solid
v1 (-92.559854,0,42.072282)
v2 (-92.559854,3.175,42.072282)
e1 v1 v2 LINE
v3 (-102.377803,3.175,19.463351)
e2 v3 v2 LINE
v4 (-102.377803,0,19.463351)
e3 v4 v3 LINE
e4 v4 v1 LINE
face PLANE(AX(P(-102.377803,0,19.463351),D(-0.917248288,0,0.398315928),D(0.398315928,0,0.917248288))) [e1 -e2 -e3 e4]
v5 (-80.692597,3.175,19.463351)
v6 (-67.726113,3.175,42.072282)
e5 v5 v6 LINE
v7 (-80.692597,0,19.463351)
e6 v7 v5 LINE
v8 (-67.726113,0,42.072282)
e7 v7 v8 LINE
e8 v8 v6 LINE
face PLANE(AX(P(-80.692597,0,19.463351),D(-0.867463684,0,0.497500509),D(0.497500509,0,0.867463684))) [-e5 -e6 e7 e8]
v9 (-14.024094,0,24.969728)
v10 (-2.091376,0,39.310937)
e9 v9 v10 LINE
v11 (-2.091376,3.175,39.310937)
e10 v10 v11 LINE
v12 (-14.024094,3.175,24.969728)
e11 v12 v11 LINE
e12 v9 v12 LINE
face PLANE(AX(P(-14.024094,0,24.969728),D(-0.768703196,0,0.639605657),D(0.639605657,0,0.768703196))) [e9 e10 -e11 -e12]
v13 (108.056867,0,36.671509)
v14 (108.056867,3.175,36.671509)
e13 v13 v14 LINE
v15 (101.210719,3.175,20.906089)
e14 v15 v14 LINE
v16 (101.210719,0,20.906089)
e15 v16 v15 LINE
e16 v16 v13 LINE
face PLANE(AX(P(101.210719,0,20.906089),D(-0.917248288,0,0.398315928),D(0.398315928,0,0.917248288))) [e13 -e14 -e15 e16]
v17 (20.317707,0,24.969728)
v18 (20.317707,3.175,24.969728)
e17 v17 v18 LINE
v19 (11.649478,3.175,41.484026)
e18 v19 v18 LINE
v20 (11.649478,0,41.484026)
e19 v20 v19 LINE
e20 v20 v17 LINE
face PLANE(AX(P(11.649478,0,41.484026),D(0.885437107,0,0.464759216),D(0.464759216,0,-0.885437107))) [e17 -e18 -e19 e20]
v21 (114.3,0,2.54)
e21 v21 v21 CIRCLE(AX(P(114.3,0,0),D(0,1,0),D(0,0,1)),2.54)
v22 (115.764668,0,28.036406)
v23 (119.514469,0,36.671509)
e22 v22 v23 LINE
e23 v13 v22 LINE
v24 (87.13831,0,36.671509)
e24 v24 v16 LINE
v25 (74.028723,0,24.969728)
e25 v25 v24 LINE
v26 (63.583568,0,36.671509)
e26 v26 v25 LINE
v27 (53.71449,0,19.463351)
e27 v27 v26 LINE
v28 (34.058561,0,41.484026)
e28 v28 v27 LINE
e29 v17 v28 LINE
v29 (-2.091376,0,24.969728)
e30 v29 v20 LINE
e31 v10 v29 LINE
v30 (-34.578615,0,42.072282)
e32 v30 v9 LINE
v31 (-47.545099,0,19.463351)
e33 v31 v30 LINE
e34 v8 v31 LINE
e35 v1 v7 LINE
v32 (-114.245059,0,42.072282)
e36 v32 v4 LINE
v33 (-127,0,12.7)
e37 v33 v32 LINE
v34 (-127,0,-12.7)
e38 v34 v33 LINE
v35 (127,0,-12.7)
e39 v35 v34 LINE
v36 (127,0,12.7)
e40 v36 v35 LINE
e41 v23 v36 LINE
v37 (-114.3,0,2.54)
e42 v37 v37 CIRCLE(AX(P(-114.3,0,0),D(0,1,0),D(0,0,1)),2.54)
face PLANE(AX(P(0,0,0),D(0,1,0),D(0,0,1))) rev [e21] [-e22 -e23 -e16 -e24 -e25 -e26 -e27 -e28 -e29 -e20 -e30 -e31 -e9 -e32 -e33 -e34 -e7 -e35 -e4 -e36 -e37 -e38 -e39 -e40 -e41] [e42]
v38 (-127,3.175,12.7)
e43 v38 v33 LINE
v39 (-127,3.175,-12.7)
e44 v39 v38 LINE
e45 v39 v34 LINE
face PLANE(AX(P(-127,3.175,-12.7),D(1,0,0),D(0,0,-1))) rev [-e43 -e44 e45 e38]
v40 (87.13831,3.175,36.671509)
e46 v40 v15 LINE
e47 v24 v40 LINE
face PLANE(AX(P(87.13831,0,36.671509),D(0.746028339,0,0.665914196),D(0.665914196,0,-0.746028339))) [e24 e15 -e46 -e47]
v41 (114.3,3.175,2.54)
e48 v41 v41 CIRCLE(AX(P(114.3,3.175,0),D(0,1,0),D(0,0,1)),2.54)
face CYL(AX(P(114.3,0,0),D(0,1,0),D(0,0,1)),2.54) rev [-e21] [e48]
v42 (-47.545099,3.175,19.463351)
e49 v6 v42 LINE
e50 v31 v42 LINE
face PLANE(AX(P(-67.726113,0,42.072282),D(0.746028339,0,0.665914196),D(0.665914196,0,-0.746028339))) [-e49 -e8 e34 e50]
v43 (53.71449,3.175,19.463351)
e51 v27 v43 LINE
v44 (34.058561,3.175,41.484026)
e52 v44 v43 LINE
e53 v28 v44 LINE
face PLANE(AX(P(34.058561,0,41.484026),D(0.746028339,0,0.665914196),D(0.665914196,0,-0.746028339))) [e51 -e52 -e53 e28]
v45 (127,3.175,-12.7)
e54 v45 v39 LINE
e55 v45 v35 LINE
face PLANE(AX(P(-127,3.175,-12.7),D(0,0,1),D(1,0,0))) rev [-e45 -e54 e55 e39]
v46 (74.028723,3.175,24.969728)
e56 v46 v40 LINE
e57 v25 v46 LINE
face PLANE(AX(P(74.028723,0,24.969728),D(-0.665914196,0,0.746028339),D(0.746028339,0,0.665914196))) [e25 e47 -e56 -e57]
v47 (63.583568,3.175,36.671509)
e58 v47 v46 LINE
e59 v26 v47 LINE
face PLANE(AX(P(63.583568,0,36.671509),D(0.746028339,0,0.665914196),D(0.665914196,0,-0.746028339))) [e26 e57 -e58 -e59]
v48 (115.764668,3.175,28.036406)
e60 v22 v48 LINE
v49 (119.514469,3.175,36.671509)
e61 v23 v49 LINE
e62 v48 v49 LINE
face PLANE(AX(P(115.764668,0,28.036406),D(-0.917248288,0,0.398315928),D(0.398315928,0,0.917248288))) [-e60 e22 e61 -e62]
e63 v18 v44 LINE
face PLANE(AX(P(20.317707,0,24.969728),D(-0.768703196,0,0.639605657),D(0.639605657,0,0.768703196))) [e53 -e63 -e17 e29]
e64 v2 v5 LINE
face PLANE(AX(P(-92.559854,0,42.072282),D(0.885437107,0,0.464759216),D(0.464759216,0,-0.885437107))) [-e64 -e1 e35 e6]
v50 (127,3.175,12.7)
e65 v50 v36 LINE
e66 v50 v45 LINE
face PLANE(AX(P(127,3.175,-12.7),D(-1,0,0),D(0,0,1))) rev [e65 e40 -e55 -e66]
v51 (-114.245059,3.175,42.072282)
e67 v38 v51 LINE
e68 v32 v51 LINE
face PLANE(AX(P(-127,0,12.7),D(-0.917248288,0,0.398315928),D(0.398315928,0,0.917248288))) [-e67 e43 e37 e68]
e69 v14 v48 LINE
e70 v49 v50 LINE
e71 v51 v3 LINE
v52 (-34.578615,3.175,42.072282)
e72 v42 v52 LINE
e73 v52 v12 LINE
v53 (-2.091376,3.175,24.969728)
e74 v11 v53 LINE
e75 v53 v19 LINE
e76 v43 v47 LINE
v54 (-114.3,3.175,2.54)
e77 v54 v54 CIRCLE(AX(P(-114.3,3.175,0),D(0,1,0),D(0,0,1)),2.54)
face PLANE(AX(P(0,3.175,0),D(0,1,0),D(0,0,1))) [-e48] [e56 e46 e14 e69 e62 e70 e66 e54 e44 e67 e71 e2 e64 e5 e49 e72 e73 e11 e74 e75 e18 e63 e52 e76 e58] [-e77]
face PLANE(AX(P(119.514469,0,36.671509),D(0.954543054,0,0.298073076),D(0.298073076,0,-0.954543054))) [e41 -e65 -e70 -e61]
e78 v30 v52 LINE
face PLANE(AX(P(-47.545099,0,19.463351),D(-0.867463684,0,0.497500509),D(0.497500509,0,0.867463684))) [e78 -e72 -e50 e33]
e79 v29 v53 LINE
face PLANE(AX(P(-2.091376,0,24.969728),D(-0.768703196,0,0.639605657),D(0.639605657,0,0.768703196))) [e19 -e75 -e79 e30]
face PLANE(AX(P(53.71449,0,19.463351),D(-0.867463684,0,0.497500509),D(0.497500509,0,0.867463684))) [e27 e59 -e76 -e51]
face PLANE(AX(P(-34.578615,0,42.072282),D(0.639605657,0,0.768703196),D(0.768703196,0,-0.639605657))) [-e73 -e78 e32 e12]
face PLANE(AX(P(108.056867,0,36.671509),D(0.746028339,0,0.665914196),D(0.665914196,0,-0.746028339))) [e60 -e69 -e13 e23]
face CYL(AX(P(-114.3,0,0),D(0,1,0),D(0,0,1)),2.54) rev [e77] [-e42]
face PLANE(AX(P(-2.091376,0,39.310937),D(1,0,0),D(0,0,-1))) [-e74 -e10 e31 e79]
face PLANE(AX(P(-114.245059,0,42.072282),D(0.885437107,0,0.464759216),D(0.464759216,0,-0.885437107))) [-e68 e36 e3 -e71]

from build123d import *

# Parameters (mm, degrees)
SKETCH1_W           = 254
SKETCH1_H           = 25.4
BOSS_EXTRUDE1_DEPTH = 3.175
BOSS_EXTRUDE2_DEPTH = 3.175
SKETCH3_R           = 2.54
CUT_EXTRUDE2_DEPTH  = 4.175


with BuildPart() as part:
    # Sketch1 → Boss-Extrude1 (new body)
    with BuildSketch(Plane(origin=(0, 0, 0), x_dir=(1, 0, 0), z_dir=(0, 1, 0))):
        Rectangle(SKETCH1_W, SKETCH1_H)
    extrude(amount=BOSS_EXTRUDE1_DEPTH)

    # Sketch2 → Boss-Extrude2 (add)
    with BuildSketch(Plane(origin=(0, 3.175, 0), x_dir=(1, 0, 0), z_dir=(0, 1, 0))):
        Polygon((-127, -12.7), (-114.24505896, -42.072282192), (-102.377802862, -19.463351482), (-92.559853535, -42.072282192), (-80.692597436, -19.463351482), (-67.726112797, -42.072282192), (-47.545099388, -19.463351482), (-34.578614749, -42.072282192), (-14.024094064, -24.969728455), (-2.091376305, -39.310937246), (-2.091376305, -24.969728455), (11.649477697, -41.484026388), (20.317707317, -24.969728455), (34.058561319, -41.484026388), (53.714490264, -19.463351482), (63.583568446, -36.671508588), (74.028723274, -24.969728455), (87.13830954, -36.671508588), (101.210719192, -20.906089464), (108.056867206, -36.671508588), (115.76466778, -28.036405605), (119.514469334, -36.671508588), (127, -12.7), align=None)
    extrude(amount=-BOSS_EXTRUDE2_DEPTH)

    # Sketch3 → Cut-Extrude2 (cut, through all)
    with BuildSketch(Plane(origin=(0, 3.175, 0), x_dir=(1, 0, 0), z_dir=(0, 1, 0))):
        with Locations((-114.3, 0)):
            Circle(SKETCH3_R)
        with Locations((114.3, 0)):
            Circle(SKETCH3_R)
    extrude(amount=-CUT_EXTRUDE2_DEPTH, mode=Mode.SUBTRACT)


solid = part.part
